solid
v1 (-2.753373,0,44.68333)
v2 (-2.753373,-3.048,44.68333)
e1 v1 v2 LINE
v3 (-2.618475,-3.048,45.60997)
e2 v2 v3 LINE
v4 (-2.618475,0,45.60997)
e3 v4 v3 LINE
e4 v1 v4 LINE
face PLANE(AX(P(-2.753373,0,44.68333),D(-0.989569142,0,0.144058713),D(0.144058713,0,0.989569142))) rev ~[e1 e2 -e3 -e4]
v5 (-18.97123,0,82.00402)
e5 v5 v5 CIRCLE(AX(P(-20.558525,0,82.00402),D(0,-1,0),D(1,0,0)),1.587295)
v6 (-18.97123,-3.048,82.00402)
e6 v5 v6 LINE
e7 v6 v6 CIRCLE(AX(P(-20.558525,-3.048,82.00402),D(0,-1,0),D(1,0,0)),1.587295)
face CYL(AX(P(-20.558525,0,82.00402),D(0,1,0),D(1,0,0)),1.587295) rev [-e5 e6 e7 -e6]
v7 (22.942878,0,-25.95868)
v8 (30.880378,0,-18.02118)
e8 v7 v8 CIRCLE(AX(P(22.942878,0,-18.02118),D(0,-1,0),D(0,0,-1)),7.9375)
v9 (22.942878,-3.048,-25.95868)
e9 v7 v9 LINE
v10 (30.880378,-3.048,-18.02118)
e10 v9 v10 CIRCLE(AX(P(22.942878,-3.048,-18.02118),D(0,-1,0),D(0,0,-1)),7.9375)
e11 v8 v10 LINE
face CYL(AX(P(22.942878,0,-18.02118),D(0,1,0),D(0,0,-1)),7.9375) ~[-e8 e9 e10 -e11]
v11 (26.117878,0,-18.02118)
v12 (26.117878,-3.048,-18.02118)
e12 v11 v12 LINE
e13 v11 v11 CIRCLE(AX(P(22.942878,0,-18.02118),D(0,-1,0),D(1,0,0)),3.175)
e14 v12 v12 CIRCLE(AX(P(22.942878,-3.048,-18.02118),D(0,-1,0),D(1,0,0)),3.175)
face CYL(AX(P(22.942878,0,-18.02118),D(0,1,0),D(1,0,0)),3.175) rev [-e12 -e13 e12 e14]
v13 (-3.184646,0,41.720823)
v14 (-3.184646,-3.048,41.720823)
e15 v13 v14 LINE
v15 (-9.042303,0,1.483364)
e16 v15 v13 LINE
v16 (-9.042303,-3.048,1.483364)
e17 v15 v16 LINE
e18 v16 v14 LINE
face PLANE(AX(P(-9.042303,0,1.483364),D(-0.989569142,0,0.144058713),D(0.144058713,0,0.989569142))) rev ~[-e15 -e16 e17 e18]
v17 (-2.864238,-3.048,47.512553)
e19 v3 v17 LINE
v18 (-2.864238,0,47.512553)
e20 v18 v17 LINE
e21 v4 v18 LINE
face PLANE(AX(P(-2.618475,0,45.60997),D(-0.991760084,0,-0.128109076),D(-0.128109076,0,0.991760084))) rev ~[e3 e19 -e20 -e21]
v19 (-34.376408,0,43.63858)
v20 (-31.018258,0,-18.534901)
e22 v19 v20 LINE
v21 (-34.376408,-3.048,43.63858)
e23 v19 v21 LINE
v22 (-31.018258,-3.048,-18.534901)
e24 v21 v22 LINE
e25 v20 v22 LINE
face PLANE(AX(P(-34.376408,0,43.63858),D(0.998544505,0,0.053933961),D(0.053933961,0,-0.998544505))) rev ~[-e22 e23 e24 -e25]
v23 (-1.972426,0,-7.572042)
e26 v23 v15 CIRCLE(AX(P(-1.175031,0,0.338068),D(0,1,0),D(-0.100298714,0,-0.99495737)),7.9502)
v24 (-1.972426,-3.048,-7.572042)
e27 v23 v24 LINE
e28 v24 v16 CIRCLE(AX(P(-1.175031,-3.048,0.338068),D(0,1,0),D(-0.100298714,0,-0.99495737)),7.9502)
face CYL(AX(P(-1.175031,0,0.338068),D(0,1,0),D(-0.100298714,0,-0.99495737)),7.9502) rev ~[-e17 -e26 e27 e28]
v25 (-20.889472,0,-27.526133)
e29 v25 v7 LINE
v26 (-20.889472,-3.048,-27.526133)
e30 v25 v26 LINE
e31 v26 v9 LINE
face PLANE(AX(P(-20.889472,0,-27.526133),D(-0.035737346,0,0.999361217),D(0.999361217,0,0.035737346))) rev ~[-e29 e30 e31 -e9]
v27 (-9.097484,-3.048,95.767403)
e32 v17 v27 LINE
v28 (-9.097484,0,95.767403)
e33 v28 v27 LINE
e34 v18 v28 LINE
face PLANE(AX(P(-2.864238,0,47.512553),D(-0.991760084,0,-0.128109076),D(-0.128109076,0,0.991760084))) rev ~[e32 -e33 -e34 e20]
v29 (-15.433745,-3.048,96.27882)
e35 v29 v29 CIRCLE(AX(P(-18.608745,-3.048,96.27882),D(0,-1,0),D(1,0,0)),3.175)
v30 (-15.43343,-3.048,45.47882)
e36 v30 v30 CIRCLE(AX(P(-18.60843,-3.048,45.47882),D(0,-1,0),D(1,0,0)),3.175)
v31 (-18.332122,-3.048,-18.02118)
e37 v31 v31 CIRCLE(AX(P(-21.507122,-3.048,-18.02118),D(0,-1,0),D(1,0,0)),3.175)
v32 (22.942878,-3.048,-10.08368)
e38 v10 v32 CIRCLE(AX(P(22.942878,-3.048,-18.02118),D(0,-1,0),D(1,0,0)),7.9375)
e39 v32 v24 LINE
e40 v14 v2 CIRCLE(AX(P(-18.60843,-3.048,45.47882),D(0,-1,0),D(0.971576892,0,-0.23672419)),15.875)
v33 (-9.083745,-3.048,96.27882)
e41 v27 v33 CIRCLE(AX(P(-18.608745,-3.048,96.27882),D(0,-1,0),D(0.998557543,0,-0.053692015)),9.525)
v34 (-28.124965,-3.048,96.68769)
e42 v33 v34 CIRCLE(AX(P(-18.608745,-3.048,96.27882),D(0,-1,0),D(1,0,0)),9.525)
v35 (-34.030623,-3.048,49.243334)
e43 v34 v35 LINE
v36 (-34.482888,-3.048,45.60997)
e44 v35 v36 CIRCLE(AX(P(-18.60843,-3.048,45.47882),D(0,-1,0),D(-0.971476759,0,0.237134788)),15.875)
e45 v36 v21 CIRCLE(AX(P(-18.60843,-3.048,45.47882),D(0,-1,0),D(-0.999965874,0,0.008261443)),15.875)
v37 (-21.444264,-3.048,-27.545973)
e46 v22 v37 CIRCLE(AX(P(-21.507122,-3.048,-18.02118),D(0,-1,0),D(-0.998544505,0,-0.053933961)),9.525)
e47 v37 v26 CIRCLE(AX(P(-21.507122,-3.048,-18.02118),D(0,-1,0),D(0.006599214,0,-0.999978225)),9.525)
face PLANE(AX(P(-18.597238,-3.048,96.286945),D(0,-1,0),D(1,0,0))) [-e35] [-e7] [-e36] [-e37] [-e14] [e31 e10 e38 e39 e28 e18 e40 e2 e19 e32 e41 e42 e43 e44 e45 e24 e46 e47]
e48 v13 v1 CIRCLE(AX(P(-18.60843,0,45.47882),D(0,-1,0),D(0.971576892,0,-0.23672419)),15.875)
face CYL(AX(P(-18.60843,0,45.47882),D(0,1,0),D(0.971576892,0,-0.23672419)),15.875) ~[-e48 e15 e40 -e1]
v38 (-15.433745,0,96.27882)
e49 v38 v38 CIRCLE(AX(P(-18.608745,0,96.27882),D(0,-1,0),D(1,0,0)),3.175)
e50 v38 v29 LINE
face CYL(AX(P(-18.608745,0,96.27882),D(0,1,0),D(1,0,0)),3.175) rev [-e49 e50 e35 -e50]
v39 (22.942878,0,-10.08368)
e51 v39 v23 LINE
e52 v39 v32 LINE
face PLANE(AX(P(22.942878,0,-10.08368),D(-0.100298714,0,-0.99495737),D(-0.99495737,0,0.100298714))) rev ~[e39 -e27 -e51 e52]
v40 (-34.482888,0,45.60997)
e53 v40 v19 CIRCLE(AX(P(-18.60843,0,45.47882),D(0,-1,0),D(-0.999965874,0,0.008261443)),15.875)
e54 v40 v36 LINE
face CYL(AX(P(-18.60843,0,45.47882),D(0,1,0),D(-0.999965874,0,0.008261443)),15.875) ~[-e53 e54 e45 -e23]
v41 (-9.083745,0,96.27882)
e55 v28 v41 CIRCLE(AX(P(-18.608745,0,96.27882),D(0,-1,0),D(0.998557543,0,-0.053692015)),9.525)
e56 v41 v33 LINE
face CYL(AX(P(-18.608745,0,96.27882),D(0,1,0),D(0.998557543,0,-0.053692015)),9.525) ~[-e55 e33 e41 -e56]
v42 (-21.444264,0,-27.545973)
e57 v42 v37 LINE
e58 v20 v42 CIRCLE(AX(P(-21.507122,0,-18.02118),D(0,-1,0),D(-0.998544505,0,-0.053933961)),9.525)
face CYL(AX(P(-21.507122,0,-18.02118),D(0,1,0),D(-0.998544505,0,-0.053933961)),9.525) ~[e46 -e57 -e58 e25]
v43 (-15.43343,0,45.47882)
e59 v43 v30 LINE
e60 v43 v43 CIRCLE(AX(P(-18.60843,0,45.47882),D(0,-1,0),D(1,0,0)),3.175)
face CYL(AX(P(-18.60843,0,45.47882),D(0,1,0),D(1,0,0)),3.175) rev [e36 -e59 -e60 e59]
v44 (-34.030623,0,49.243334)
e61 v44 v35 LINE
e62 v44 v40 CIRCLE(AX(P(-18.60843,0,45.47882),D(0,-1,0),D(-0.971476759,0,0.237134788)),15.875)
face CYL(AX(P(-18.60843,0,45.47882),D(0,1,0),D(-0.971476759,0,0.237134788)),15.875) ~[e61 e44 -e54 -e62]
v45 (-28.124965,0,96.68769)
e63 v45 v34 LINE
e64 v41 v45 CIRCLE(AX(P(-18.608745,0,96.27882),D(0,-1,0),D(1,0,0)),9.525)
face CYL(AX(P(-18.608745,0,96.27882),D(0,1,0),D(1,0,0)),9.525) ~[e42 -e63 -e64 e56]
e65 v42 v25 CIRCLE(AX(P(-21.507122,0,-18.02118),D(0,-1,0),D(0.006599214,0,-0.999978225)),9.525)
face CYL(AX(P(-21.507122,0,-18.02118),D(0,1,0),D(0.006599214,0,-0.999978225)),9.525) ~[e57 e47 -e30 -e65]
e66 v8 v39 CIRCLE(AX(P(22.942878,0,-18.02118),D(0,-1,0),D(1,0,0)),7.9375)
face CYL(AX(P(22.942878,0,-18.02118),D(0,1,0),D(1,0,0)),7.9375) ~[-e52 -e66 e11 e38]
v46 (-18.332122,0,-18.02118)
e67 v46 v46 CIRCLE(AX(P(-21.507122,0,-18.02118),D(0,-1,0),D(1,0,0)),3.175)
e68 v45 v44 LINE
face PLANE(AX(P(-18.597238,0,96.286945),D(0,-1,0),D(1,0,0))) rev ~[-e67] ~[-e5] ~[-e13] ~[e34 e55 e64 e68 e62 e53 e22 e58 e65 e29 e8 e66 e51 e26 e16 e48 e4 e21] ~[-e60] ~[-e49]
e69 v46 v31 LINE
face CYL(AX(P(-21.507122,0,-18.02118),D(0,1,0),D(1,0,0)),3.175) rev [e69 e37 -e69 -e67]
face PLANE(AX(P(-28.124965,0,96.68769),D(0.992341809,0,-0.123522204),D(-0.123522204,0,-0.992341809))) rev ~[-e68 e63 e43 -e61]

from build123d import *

# Parameters (mm, degrees)
F0_R     = 3.175
F0_R_2   = 1.5872946887
F1_DEPTH = 3.048


with BuildPart() as f1:
    # F0 (on Front) → F1 (new body)
    with BuildSketch(Plane.XZ):
        with BuildLine():
            ThreePointArc((-9.0974841174, 95.7674032941), (-9.0871801878, 96.0230192533), (-9.0837447185, 96.2788197363))
            ThreePointArc((-9.0837447185, 96.2788197363), (-18.4042625744, 105.801624578), (-28.124965097, 96.6876897734))
            ThreePointArc((-28.124965097, 96.6876897734), (-19.0688946406, 86.764941082), (-9.0974841174, 95.7674032941))
        make_face()
        with Locations((-18.6087447185, 96.2788197363)):
            Circle(F0_R, mode=Mode.SUBTRACT)
        with BuildLine():
            ThreePointArc((-9.0974841174, 95.7674032941), (-19.0688946406, 86.764941082), (-28.124965097, 96.6876897734))
            Line((-28.124965097, 96.6876897734), (-34.0306231002, 49.2433344929))
            ThreePointArc((-34.0306231002, 49.2433344929), (-17.7281897242, 61.3293971023), (-2.8642383786, 47.5125525358))
            Line((-2.8642383786, 47.5125525358), (-9.0974841174, 95.7674032941))
        make_face()
        with Locations((-20.5585247247, 82.0040197363)):
            Circle(F0_R_2, mode=Mode.SUBTRACT)
        with BuildLine():
            Line((-34.4828878032, 45.6099701438), (-34.0306231002, 49.2433344929))
            ThreePointArc((-34.0306231002, 49.2433344929), (-34.3618557694, 47.4397347289), (-34.4828878032, 45.6099701438))
        make_face()
        with BuildLine():
            ThreePointArc((-2.8642383786, 47.5125525358), (-17.7281897242, 61.3293971023), (-34.0306231002, 49.2433344929))
            Line((-34.0306231002, 49.2433344929), (-34.4828878032, 45.6099701438))
            Line((-34.4828878032, 45.6099701438), (-34.376407934, 43.6385798228))
            ThreePointArc((-34.376407934, 43.6385798228), (-19.5826293255, 29.6337397487), (-3.1846463922, 41.7208232156))
            Line((-3.1846463922, 41.7208232156), (-2.7533729136, 44.6833300781))
            ThreePointArc((-2.7533729136, 44.6833300781), (-2.7384161803, 45.0809499292), (-2.7334295582, 45.4788197363))
            ThreePointArc((-2.7334295582, 45.4788197363), (-2.7661655158, 46.4977873569), (-2.8642383786, 47.5125525358))
        make_face()
        with Locations((-18.6084295582, 45.4788197363)):
            Circle(F0_R, mode=Mode.SUBTRACT)
        with BuildLine():
            Line((-2.6184752397, 45.6099701438), (-2.8642383786, 47.5125525358))
            ThreePointArc((-2.8642383786, 47.5125525358), (-2.7661655158, 46.4977873569), (-2.7334295582, 45.4788197363))
            ThreePointArc((-2.7334295582, 45.4788197363), (-2.7384161803, 45.0809499292), (-2.7533729136, 44.6833300781))
            Line((-2.7533729136, 44.6833300781), (-2.6184752397, 45.6099701438))
        make_face()
        with BuildLine():
            Line((-34.376407934, 43.6385798228), (-34.4828878032, 45.6099701438))
            ThreePointArc((-34.4828878032, 45.6099701438), (-34.4603235704, 44.6226181096), (-34.376407934, 43.6385798228))
        make_face()
        with BuildLine():
            ThreePointArc((-3.1846463922, 41.7208232156), (-19.5826293255, 29.6337397487), (-34.376407934, 43.6385798228))
            Line((-34.376407934, 43.6385798228), (-31.0182580763, -18.5349012397))
            ThreePointArc((-31.0182580763, -18.5349012397), (-21.7640756728, -8.4996467927), (-11.9821216689, -18.0211802637))
            ThreePointArc((-11.9821216689, -18.0211802637), (-14.5569871682, -24.5343404354), (-20.8894718888, -27.5261333803))
            Line((-20.8894718888, -27.5261333803), (22.9428783311, -25.9586802637))
            ThreePointArc((22.9428783311, -25.9586802637), (15.0053783311, -18.0211802637), (22.9428783311, -10.0836802637))
            Line((22.9428783311, -10.0836802637), (-1.9724256736, -7.5720420447))
            ThreePointArc((-1.9724256736, -7.5720420447), (-7.4415456853, -4.5544233197), (-9.0423034299, 1.4833636188))
            Line((-9.0423034299, 1.4833636188), (-3.1846463922, 41.7208232156))
        make_face()
        with BuildLine():
            ThreePointArc((-3.1846463922, 41.7208232156), (-2.899019426, 43.191887665), (-2.7533729136, 44.6833300781))
            Line((-2.7533729136, 44.6833300781), (-3.1846463922, 41.7208232156))
        make_face()
        with BuildLine():
            ThreePointArc((-11.9821216689, -18.0211802637), (-21.7640756728, -8.4996467927), (-31.0182580763, -18.5349012397))
            ThreePointArc((-31.0182580763, -18.5349012397), (-28.0353179292, -24.957193426), (-21.4442641508, -27.5459728563))
            Line((-21.4442641508, -27.5459728563), (-20.8894718888, -27.5261333803))
            ThreePointArc((-20.8894718888, -27.5261333803), (-14.5569871682, -24.5343404354), (-11.9821216689, -18.0211802637))
        make_face()
        with Locations((-21.5071216689, -18.0211802637)):
            Circle(F0_R, mode=Mode.SUBTRACT)
        with BuildLine():
            Line((-20.8894718888, -27.5261333803), (-21.4442641508, -27.5459728563))
            ThreePointArc((-21.4442641508, -27.5459728563), (-21.1667234508, -27.540095856), (-20.8894718888, -27.5261333803))
        make_face()
        with BuildLine():
            ThreePointArc((30.8803783311, -18.0211802637), (28.5555384067, -12.408520188), (22.9428783311, -10.0836802637))
            ThreePointArc((22.9428783311, -10.0836802637), (15.0053783311, -18.0211802637), (22.9428783311, -25.9586802637))
            ThreePointArc((22.9428783311, -25.9586802637), (28.5555384067, -23.6338403394), (30.8803783311, -18.0211802637))
        make_face()
        with Locations((22.9428783311, -18.0211802637)):
            Circle(F0_R, mode=Mode.SUBTRACT)
    extrude(amount=F1_DEPTH)


solid = f1.part
